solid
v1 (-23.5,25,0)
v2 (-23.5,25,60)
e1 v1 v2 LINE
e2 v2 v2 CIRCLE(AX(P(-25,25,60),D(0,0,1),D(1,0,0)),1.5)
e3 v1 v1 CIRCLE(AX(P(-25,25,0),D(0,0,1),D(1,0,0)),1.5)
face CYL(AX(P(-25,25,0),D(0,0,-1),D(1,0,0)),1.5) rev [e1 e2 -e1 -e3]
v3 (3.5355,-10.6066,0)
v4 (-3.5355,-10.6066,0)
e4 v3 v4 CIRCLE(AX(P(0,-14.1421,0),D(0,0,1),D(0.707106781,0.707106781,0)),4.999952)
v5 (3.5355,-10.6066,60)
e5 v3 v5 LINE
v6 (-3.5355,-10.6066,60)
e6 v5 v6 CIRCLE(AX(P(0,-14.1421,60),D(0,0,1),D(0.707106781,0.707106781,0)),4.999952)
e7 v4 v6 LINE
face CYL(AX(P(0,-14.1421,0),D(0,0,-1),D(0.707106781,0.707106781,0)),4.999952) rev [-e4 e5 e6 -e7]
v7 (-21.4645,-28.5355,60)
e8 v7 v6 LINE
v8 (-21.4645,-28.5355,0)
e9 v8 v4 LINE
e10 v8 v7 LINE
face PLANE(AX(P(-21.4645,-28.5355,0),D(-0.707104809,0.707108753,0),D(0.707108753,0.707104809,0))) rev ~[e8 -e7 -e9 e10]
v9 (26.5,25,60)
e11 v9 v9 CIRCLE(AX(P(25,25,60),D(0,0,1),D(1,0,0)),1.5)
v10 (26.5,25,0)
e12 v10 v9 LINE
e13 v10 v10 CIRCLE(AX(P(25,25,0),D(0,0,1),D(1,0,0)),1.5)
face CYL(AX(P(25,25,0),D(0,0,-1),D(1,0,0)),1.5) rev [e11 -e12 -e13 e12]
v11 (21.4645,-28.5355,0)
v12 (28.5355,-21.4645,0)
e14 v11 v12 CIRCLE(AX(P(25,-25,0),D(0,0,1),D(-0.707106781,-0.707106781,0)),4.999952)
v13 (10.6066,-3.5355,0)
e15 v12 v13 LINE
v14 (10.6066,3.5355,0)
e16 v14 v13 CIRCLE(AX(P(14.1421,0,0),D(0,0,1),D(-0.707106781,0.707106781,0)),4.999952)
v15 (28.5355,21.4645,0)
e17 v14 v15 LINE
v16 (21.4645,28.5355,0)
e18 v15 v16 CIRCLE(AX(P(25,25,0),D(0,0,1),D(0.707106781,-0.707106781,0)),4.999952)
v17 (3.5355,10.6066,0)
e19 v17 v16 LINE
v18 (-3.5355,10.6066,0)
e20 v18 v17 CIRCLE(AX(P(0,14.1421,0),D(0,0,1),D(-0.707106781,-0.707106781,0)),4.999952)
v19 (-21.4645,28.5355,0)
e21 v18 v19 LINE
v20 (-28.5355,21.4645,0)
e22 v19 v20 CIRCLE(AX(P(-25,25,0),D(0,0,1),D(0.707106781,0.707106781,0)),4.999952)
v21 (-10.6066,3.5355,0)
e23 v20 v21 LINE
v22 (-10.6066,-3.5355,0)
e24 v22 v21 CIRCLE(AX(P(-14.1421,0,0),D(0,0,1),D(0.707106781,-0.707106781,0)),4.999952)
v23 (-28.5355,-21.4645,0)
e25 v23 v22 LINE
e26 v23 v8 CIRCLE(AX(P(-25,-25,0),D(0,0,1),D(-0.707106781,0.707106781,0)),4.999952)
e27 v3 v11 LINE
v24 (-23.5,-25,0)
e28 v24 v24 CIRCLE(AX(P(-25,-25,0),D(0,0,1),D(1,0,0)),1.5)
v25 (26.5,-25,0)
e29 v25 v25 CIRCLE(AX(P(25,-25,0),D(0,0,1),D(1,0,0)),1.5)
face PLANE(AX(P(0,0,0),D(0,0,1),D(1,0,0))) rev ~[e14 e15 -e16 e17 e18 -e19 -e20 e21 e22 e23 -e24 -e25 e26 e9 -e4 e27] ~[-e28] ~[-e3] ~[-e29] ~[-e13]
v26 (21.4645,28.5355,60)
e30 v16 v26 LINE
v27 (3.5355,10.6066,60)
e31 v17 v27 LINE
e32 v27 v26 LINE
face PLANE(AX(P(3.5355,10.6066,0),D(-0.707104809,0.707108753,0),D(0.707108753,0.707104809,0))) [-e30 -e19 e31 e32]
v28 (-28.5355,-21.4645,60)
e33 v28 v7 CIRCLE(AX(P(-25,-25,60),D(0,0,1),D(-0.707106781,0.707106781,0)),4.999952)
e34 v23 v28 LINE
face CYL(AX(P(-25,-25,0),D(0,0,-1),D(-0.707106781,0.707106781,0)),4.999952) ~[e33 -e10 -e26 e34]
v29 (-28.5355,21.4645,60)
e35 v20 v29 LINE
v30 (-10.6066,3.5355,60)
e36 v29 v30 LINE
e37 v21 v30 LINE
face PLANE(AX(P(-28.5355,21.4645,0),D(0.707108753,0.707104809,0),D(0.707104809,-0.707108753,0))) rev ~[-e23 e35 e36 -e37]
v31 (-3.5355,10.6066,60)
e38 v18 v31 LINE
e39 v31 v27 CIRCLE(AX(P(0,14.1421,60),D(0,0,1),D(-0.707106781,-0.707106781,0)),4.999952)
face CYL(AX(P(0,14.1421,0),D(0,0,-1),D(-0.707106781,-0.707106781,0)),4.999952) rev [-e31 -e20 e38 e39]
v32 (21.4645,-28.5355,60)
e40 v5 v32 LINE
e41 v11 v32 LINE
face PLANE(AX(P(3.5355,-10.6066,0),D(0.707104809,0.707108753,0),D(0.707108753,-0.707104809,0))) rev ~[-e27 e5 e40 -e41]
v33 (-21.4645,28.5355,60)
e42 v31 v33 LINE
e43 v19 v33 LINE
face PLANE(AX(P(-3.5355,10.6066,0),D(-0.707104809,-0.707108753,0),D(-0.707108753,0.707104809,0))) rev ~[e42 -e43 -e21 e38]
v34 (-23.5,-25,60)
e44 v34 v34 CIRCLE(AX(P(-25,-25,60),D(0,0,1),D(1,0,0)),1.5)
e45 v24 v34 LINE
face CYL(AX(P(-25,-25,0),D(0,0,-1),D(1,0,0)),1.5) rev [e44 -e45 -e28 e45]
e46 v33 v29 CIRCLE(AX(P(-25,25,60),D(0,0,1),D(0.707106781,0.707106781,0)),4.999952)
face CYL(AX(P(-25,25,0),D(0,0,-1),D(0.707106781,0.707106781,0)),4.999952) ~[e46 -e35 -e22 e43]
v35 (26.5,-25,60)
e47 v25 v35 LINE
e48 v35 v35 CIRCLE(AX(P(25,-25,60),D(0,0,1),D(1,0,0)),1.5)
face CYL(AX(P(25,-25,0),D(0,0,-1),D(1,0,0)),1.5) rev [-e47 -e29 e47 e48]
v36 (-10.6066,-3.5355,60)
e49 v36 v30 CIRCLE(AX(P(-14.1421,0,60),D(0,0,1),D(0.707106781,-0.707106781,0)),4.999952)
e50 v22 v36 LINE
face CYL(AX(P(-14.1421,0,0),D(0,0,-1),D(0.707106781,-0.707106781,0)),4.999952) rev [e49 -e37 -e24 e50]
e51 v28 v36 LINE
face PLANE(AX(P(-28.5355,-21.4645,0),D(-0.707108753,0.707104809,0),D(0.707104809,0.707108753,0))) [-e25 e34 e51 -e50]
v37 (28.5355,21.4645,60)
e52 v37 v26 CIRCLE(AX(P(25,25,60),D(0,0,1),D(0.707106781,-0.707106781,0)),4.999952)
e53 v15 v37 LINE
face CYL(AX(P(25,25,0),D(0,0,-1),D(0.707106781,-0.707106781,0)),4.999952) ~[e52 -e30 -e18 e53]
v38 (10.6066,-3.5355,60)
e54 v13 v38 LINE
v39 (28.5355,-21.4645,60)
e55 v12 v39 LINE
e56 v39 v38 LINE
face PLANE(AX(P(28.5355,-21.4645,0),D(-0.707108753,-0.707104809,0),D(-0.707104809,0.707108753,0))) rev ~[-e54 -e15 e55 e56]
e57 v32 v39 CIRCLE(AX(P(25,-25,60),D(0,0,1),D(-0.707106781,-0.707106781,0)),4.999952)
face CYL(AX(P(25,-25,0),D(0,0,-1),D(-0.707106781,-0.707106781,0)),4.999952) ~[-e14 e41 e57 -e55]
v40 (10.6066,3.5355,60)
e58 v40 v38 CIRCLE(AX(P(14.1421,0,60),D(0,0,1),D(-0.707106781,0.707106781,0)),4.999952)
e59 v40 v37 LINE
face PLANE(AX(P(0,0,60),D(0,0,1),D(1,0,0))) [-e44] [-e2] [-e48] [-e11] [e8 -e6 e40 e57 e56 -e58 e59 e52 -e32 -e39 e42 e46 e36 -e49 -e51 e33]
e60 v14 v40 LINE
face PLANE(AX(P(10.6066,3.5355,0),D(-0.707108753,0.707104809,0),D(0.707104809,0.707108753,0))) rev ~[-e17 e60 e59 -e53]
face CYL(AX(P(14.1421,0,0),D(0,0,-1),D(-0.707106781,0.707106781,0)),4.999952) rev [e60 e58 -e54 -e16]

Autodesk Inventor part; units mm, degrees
ref_plane "YZ Plane" through (0, 0, 0) normal (1, 0, 0) x (0, 1, 0)
ref_plane "XZ Plane" through (0, 0, 0) normal (0, 1, 0) x (-1, 0, 0)
ref_plane "XY Plane" through (0, 0, 0) normal (0, 0, 1) x (1, 0, 0)
sketch "Sketch1" plane through (0, 0, 0) normal (0, 0, 1) x (1, 0, 0)
  line L0 (-30, -30) -> (30, 30) construction
  line L1 (30, -30) -> (-30, 30) construction
  line L2 (25, 30) -> (25, 25) construction
  line L3 (-30, 30) -> (-25, 30) construction
  line L4 (-25, 30) -> (-25, 25) construction
  line L5 (-30, -25) -> (-25, -25) construction
  line L6 (30, -25) -> (25, -25) construction
  circle A0 centre (-25, 25) radius 1.5
  circle A1 centre (25, 25) radius 1.5
  circle A2 centre (25, -25) radius 1.5
  circle A3 centre (-25, -25) radius 1.5
  arc A4 (-21.4645, 28.5355) -> (-28.5355, 21.4645) centre (-25, 25) ccw
  arc A5 (28.5355, 21.4645) -> (21.4645, 28.5355) centre (25, 25) ccw
  arc A6 (21.4645, -28.5355) -> (28.5355, -21.4645) centre (25, -25) ccw
  arc A7 (-28.5355, -21.4645) -> (-21.4645, -28.5355) centre (-25, -25) ccw
  line L7 (-25, 25) -> (-30, 20) construction
  line L8 (-30, 20) -> (-20, 30) construction
  line L9 (25, 25) -> (20, 30) construction
  line L10 (30, 20) -> (25, 25) construction
  line L11 (25, -25) -> (20, -30) construction
  line L12 (20, -30) -> (30, -20) construction
  line L13 (-25, -25) -> (-20, -30) construction
  line L14 (-25, -25) -> (-30, -20) construction
  line L15 (-28.5355, -21.4645) -> (-10.6066, -3.5355)
  line L16 (3.5355, 10.6066) -> (21.4645, 28.5355)
  line L17 (-28.5355, 21.4645) -> (-10.6066, 3.5355)
  line L18 (3.5355, -10.6066) -> (21.4645, -28.5355)
  line L19 (28.5355, -21.4645) -> (10.6066, -3.5355)
  line L20 (-3.5355, 10.6066) -> (-21.4645, 28.5355)
  line L21 (-21.4645, -28.5355) -> (-3.5355, -10.6066)
  line L22 (10.6066, 3.5355) -> (28.5355, 21.4645)
  arc A8 (3.5355, -10.6066) -> (-3.5355, -10.6066) centre (0, -14.1421) ccw
  arc A9 (10.6066, 3.5355) -> (10.6066, -3.5355) centre (14.1421, 0) ccw
  arc A10 (-3.5355, 10.6066) -> (3.5355, 10.6066) centre (0, 14.1421) ccw
  arc A11 (-10.6066, -3.5355) -> (-10.6066, 3.5355) centre (-14.1421, 0) ccw
  point P0 (0, 0)
  dimension "d0" = 60
  dimension "d1" = 60
  dimension "d2" = 5
  dimension "d3" = 5
  dimension "d4" = 5
  dimension "d5" = 5
  dimension "d7" = 5
  dimension "d9" = 5
  dimension "d10" = 3
  dimension "d11" = 3
  dimension "d12" = 3
  dimension "d13" = 3
  dimension "d17" = 5
  dimension "d18" = 45
  dimension "d19" = 70.7107
  dimension "d20" = 55
  dimension "d21" = 45
  dimension "d22" = 28.2843
  dimension "d23" = 55
  dimension "d24" = 42.4264
  dimension "d25" = 28.2843
  dimension "d26" = 5
  dimension "d27" = 42.4264
  dimension "d28" = 5
  dimension "d29" = 77.7818
extrude "Main Body" add sketch "Sketch1" along normal blind 60
properties part number "60x60SlimSpacer"
